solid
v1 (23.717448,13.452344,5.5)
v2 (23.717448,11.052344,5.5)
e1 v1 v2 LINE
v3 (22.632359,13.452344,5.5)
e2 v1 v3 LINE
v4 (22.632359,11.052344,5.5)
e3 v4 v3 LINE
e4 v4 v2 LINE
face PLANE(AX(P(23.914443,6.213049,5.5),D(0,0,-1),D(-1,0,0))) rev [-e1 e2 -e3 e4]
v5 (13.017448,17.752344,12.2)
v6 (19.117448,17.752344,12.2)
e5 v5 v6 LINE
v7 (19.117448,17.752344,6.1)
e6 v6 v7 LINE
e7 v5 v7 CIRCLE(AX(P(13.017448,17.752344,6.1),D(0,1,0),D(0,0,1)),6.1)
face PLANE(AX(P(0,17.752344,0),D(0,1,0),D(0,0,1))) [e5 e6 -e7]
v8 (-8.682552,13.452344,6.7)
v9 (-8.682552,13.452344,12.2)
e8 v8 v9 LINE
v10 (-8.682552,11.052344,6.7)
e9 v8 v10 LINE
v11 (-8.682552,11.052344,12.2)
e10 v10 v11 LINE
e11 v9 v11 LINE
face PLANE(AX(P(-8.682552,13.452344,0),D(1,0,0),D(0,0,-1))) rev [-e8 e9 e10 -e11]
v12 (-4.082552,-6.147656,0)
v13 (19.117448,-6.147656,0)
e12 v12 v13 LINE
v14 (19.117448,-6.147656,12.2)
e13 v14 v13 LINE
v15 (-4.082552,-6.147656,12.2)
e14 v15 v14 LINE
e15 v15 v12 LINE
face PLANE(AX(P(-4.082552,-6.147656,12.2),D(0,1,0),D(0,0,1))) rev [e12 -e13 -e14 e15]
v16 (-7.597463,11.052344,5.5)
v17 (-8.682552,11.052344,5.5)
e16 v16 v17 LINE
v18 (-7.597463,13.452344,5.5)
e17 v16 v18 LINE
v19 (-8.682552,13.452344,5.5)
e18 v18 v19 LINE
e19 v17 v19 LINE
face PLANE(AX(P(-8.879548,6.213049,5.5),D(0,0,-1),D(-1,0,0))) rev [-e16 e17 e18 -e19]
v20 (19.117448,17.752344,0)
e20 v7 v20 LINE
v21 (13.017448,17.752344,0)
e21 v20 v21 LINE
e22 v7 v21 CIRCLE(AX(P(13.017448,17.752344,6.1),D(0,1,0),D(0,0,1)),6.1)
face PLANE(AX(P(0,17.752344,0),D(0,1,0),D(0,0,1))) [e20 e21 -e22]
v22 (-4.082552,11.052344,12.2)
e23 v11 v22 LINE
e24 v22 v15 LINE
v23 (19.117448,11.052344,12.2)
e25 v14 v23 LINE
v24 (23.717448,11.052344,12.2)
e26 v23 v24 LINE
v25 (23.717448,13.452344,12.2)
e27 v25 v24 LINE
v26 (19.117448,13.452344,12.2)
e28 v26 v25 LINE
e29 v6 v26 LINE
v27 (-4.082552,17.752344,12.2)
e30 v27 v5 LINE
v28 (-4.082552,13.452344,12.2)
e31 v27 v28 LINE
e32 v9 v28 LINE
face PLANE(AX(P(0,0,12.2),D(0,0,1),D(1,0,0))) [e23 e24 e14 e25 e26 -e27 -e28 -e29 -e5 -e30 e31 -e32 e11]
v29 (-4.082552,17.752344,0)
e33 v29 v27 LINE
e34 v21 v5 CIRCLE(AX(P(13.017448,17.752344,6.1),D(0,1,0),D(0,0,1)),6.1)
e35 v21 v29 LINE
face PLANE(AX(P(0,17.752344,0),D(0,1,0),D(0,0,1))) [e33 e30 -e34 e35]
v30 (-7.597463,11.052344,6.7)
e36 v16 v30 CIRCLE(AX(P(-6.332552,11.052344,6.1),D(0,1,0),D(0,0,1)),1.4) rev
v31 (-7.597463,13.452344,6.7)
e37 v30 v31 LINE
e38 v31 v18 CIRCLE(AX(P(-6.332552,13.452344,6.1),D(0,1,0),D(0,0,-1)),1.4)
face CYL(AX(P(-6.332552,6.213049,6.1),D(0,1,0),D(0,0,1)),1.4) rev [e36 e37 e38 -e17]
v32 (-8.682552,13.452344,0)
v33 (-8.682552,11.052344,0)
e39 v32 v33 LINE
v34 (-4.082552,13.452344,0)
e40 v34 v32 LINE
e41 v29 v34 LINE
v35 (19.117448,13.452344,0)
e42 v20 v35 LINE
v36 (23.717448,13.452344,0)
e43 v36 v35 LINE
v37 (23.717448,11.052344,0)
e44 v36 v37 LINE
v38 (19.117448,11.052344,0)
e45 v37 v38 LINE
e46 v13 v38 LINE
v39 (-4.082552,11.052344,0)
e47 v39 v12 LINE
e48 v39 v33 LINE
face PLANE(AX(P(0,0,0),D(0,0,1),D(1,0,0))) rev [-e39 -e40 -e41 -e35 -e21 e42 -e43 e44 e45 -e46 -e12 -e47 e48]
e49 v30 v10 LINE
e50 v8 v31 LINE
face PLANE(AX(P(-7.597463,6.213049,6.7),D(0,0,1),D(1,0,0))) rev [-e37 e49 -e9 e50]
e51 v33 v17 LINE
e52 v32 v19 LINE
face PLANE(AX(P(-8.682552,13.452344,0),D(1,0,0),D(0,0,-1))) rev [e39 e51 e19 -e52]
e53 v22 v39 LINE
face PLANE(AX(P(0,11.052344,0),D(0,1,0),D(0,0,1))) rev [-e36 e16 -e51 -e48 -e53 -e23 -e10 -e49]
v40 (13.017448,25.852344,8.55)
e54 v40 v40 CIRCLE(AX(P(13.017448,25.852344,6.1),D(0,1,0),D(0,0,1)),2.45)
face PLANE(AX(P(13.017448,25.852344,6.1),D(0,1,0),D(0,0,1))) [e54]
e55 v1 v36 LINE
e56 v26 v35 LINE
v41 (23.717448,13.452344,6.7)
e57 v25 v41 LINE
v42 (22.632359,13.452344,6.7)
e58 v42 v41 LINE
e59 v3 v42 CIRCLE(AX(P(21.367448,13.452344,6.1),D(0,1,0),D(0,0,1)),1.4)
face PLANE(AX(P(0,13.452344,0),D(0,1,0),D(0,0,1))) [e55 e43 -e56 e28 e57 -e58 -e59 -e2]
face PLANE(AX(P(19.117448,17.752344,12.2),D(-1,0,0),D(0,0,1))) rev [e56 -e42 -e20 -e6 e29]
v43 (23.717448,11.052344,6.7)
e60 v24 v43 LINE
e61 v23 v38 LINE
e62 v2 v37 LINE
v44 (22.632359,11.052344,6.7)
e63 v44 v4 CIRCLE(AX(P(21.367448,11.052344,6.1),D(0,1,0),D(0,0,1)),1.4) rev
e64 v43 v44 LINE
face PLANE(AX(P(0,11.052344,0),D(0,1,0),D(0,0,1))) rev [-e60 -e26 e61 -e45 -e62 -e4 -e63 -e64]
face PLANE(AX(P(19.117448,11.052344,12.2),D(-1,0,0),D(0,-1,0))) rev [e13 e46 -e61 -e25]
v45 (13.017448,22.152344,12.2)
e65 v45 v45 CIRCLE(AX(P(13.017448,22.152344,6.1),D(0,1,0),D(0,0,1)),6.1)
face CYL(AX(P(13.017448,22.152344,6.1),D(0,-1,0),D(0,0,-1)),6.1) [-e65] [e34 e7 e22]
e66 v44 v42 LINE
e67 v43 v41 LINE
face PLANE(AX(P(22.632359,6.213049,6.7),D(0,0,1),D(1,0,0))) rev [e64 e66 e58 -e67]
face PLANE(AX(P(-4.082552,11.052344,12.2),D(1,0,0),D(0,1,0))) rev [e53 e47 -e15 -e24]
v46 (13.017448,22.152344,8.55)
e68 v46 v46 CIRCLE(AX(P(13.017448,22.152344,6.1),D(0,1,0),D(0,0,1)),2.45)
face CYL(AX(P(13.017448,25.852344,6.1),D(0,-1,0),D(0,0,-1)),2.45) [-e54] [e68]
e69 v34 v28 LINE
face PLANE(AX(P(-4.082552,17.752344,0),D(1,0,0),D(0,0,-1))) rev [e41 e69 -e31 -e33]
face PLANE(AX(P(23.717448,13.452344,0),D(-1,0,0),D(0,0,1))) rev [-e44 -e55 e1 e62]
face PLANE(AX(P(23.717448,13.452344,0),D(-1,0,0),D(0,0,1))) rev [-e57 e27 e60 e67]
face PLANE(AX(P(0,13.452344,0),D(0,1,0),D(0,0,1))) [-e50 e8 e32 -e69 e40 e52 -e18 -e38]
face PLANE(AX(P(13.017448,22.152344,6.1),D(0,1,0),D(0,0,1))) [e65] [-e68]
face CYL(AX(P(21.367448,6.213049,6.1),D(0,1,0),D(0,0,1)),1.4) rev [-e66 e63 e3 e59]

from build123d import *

# Parameters (mm, degrees)
SKETCH1_W           = 23.2
SKETCH1_H           = 17.2
BOSS_EXTRUDE1_DEPTH = 12.2
SKETCH2_W           = 32.4
SKETCH2_H           = 12.2
BOSS_EXTRUDE2_DEPTH = 2.4
CUT_EXTRUDE2_DEPTH  = 2.4
SKETCH4_W           = 23.2
SKETCH4_H           = 12.2
BOSS_EXTRUDE3_DEPTH = 4.3
SKETCH5_R           = 6.1
BOSS_EXTRUDE4_DEPTH = 4.4
SKETCH6_R           = 2.45
BOSS_EXTRUDE5_DEPTH = 3.7


with BuildPart() as part:
    # Sketch1 → Boss-Extrude1 (new body)
    with BuildSketch(Plane.XY):
        with Locations((7.517447917, 2.45234375)):
            Rectangle(SKETCH1_W, SKETCH1_H)
    extrude(amount=BOSS_EXTRUDE1_DEPTH)

    # Sketch2 → Boss-Extrude2 (add)
    with BuildSketch(Plane(origin=(0, 11.05234375, 0), x_dir=(1, 0, 0), z_dir=(0, 1, 0))):
        with Locations((7.517447917, -6.1)):
            Rectangle(SKETCH2_W, SKETCH2_H)
    extrude(amount=BOSS_EXTRUDE2_DEPTH)

    # Sketch3 → Cut-Extrude2 (cut)
    with BuildSketch(Plane(origin=(0, 13.45234375, 0), x_dir=(1, 0, 0), z_dir=(0, 1, 0))):
        with BuildLine():
            Line((22.632358981, -6.7), (23.914443448, -6.7))
            Line((23.914443448, -6.7), (23.914443448, -5.5))
            Line((23.914443448, -5.5), (22.632358981, -5.5))
            ThreePointArc((22.632358981, -5.5), (19.967447917, -6.1), (22.632358981, -6.7))
        make_face()
        with BuildLine():
            Line((-8.879547614, -5.5), (-7.597463147, -5.5))
            ThreePointArc((-7.597463147, -5.5), (-4.932552083, -6.1), (-7.597463147, -6.7))
            Line((-7.597463147, -6.7), (-8.879547614, -6.7))
            Line((-8.879547614, -6.7), (-8.879547614, -5.5))
        make_face()
    extrude(amount=-CUT_EXTRUDE2_DEPTH, mode=Mode.SUBTRACT)

    # Sketch4 → Boss-Extrude3 (add)
    with BuildSketch(Plane(origin=(0, 13.45234375, 0), x_dir=(1, 0, 0), z_dir=(0, 1, 0))):
        with Locations((7.517447917, -6.1)):
            Rectangle(SKETCH4_W, SKETCH4_H)
    extrude(amount=BOSS_EXTRUDE3_DEPTH)

    # Sketch5 → Boss-Extrude4 (add)
    with BuildSketch(Plane(origin=(0, 17.75234375, 0), x_dir=(1, 0, 0), z_dir=(0, 1, 0))):
        with Locations(Location((13.017447917, -6.1, 0), (0, 0, 270))):
            Circle(SKETCH5_R)
    extrude(amount=BOSS_EXTRUDE4_DEPTH)

    # Sketch6 → Boss-Extrude5 (add)
    with BuildSketch(Plane(origin=(0, 22.15234375, 0), x_dir=(1, 0, 0), z_dir=(0, 1, 0))):
        with Locations(Location((13.017447917, -6.1, 0), (0, 0, 270))):
            Circle(SKETCH6_R)
    extrude(amount=BOSS_EXTRUDE5_DEPTH)


solid = part.part
